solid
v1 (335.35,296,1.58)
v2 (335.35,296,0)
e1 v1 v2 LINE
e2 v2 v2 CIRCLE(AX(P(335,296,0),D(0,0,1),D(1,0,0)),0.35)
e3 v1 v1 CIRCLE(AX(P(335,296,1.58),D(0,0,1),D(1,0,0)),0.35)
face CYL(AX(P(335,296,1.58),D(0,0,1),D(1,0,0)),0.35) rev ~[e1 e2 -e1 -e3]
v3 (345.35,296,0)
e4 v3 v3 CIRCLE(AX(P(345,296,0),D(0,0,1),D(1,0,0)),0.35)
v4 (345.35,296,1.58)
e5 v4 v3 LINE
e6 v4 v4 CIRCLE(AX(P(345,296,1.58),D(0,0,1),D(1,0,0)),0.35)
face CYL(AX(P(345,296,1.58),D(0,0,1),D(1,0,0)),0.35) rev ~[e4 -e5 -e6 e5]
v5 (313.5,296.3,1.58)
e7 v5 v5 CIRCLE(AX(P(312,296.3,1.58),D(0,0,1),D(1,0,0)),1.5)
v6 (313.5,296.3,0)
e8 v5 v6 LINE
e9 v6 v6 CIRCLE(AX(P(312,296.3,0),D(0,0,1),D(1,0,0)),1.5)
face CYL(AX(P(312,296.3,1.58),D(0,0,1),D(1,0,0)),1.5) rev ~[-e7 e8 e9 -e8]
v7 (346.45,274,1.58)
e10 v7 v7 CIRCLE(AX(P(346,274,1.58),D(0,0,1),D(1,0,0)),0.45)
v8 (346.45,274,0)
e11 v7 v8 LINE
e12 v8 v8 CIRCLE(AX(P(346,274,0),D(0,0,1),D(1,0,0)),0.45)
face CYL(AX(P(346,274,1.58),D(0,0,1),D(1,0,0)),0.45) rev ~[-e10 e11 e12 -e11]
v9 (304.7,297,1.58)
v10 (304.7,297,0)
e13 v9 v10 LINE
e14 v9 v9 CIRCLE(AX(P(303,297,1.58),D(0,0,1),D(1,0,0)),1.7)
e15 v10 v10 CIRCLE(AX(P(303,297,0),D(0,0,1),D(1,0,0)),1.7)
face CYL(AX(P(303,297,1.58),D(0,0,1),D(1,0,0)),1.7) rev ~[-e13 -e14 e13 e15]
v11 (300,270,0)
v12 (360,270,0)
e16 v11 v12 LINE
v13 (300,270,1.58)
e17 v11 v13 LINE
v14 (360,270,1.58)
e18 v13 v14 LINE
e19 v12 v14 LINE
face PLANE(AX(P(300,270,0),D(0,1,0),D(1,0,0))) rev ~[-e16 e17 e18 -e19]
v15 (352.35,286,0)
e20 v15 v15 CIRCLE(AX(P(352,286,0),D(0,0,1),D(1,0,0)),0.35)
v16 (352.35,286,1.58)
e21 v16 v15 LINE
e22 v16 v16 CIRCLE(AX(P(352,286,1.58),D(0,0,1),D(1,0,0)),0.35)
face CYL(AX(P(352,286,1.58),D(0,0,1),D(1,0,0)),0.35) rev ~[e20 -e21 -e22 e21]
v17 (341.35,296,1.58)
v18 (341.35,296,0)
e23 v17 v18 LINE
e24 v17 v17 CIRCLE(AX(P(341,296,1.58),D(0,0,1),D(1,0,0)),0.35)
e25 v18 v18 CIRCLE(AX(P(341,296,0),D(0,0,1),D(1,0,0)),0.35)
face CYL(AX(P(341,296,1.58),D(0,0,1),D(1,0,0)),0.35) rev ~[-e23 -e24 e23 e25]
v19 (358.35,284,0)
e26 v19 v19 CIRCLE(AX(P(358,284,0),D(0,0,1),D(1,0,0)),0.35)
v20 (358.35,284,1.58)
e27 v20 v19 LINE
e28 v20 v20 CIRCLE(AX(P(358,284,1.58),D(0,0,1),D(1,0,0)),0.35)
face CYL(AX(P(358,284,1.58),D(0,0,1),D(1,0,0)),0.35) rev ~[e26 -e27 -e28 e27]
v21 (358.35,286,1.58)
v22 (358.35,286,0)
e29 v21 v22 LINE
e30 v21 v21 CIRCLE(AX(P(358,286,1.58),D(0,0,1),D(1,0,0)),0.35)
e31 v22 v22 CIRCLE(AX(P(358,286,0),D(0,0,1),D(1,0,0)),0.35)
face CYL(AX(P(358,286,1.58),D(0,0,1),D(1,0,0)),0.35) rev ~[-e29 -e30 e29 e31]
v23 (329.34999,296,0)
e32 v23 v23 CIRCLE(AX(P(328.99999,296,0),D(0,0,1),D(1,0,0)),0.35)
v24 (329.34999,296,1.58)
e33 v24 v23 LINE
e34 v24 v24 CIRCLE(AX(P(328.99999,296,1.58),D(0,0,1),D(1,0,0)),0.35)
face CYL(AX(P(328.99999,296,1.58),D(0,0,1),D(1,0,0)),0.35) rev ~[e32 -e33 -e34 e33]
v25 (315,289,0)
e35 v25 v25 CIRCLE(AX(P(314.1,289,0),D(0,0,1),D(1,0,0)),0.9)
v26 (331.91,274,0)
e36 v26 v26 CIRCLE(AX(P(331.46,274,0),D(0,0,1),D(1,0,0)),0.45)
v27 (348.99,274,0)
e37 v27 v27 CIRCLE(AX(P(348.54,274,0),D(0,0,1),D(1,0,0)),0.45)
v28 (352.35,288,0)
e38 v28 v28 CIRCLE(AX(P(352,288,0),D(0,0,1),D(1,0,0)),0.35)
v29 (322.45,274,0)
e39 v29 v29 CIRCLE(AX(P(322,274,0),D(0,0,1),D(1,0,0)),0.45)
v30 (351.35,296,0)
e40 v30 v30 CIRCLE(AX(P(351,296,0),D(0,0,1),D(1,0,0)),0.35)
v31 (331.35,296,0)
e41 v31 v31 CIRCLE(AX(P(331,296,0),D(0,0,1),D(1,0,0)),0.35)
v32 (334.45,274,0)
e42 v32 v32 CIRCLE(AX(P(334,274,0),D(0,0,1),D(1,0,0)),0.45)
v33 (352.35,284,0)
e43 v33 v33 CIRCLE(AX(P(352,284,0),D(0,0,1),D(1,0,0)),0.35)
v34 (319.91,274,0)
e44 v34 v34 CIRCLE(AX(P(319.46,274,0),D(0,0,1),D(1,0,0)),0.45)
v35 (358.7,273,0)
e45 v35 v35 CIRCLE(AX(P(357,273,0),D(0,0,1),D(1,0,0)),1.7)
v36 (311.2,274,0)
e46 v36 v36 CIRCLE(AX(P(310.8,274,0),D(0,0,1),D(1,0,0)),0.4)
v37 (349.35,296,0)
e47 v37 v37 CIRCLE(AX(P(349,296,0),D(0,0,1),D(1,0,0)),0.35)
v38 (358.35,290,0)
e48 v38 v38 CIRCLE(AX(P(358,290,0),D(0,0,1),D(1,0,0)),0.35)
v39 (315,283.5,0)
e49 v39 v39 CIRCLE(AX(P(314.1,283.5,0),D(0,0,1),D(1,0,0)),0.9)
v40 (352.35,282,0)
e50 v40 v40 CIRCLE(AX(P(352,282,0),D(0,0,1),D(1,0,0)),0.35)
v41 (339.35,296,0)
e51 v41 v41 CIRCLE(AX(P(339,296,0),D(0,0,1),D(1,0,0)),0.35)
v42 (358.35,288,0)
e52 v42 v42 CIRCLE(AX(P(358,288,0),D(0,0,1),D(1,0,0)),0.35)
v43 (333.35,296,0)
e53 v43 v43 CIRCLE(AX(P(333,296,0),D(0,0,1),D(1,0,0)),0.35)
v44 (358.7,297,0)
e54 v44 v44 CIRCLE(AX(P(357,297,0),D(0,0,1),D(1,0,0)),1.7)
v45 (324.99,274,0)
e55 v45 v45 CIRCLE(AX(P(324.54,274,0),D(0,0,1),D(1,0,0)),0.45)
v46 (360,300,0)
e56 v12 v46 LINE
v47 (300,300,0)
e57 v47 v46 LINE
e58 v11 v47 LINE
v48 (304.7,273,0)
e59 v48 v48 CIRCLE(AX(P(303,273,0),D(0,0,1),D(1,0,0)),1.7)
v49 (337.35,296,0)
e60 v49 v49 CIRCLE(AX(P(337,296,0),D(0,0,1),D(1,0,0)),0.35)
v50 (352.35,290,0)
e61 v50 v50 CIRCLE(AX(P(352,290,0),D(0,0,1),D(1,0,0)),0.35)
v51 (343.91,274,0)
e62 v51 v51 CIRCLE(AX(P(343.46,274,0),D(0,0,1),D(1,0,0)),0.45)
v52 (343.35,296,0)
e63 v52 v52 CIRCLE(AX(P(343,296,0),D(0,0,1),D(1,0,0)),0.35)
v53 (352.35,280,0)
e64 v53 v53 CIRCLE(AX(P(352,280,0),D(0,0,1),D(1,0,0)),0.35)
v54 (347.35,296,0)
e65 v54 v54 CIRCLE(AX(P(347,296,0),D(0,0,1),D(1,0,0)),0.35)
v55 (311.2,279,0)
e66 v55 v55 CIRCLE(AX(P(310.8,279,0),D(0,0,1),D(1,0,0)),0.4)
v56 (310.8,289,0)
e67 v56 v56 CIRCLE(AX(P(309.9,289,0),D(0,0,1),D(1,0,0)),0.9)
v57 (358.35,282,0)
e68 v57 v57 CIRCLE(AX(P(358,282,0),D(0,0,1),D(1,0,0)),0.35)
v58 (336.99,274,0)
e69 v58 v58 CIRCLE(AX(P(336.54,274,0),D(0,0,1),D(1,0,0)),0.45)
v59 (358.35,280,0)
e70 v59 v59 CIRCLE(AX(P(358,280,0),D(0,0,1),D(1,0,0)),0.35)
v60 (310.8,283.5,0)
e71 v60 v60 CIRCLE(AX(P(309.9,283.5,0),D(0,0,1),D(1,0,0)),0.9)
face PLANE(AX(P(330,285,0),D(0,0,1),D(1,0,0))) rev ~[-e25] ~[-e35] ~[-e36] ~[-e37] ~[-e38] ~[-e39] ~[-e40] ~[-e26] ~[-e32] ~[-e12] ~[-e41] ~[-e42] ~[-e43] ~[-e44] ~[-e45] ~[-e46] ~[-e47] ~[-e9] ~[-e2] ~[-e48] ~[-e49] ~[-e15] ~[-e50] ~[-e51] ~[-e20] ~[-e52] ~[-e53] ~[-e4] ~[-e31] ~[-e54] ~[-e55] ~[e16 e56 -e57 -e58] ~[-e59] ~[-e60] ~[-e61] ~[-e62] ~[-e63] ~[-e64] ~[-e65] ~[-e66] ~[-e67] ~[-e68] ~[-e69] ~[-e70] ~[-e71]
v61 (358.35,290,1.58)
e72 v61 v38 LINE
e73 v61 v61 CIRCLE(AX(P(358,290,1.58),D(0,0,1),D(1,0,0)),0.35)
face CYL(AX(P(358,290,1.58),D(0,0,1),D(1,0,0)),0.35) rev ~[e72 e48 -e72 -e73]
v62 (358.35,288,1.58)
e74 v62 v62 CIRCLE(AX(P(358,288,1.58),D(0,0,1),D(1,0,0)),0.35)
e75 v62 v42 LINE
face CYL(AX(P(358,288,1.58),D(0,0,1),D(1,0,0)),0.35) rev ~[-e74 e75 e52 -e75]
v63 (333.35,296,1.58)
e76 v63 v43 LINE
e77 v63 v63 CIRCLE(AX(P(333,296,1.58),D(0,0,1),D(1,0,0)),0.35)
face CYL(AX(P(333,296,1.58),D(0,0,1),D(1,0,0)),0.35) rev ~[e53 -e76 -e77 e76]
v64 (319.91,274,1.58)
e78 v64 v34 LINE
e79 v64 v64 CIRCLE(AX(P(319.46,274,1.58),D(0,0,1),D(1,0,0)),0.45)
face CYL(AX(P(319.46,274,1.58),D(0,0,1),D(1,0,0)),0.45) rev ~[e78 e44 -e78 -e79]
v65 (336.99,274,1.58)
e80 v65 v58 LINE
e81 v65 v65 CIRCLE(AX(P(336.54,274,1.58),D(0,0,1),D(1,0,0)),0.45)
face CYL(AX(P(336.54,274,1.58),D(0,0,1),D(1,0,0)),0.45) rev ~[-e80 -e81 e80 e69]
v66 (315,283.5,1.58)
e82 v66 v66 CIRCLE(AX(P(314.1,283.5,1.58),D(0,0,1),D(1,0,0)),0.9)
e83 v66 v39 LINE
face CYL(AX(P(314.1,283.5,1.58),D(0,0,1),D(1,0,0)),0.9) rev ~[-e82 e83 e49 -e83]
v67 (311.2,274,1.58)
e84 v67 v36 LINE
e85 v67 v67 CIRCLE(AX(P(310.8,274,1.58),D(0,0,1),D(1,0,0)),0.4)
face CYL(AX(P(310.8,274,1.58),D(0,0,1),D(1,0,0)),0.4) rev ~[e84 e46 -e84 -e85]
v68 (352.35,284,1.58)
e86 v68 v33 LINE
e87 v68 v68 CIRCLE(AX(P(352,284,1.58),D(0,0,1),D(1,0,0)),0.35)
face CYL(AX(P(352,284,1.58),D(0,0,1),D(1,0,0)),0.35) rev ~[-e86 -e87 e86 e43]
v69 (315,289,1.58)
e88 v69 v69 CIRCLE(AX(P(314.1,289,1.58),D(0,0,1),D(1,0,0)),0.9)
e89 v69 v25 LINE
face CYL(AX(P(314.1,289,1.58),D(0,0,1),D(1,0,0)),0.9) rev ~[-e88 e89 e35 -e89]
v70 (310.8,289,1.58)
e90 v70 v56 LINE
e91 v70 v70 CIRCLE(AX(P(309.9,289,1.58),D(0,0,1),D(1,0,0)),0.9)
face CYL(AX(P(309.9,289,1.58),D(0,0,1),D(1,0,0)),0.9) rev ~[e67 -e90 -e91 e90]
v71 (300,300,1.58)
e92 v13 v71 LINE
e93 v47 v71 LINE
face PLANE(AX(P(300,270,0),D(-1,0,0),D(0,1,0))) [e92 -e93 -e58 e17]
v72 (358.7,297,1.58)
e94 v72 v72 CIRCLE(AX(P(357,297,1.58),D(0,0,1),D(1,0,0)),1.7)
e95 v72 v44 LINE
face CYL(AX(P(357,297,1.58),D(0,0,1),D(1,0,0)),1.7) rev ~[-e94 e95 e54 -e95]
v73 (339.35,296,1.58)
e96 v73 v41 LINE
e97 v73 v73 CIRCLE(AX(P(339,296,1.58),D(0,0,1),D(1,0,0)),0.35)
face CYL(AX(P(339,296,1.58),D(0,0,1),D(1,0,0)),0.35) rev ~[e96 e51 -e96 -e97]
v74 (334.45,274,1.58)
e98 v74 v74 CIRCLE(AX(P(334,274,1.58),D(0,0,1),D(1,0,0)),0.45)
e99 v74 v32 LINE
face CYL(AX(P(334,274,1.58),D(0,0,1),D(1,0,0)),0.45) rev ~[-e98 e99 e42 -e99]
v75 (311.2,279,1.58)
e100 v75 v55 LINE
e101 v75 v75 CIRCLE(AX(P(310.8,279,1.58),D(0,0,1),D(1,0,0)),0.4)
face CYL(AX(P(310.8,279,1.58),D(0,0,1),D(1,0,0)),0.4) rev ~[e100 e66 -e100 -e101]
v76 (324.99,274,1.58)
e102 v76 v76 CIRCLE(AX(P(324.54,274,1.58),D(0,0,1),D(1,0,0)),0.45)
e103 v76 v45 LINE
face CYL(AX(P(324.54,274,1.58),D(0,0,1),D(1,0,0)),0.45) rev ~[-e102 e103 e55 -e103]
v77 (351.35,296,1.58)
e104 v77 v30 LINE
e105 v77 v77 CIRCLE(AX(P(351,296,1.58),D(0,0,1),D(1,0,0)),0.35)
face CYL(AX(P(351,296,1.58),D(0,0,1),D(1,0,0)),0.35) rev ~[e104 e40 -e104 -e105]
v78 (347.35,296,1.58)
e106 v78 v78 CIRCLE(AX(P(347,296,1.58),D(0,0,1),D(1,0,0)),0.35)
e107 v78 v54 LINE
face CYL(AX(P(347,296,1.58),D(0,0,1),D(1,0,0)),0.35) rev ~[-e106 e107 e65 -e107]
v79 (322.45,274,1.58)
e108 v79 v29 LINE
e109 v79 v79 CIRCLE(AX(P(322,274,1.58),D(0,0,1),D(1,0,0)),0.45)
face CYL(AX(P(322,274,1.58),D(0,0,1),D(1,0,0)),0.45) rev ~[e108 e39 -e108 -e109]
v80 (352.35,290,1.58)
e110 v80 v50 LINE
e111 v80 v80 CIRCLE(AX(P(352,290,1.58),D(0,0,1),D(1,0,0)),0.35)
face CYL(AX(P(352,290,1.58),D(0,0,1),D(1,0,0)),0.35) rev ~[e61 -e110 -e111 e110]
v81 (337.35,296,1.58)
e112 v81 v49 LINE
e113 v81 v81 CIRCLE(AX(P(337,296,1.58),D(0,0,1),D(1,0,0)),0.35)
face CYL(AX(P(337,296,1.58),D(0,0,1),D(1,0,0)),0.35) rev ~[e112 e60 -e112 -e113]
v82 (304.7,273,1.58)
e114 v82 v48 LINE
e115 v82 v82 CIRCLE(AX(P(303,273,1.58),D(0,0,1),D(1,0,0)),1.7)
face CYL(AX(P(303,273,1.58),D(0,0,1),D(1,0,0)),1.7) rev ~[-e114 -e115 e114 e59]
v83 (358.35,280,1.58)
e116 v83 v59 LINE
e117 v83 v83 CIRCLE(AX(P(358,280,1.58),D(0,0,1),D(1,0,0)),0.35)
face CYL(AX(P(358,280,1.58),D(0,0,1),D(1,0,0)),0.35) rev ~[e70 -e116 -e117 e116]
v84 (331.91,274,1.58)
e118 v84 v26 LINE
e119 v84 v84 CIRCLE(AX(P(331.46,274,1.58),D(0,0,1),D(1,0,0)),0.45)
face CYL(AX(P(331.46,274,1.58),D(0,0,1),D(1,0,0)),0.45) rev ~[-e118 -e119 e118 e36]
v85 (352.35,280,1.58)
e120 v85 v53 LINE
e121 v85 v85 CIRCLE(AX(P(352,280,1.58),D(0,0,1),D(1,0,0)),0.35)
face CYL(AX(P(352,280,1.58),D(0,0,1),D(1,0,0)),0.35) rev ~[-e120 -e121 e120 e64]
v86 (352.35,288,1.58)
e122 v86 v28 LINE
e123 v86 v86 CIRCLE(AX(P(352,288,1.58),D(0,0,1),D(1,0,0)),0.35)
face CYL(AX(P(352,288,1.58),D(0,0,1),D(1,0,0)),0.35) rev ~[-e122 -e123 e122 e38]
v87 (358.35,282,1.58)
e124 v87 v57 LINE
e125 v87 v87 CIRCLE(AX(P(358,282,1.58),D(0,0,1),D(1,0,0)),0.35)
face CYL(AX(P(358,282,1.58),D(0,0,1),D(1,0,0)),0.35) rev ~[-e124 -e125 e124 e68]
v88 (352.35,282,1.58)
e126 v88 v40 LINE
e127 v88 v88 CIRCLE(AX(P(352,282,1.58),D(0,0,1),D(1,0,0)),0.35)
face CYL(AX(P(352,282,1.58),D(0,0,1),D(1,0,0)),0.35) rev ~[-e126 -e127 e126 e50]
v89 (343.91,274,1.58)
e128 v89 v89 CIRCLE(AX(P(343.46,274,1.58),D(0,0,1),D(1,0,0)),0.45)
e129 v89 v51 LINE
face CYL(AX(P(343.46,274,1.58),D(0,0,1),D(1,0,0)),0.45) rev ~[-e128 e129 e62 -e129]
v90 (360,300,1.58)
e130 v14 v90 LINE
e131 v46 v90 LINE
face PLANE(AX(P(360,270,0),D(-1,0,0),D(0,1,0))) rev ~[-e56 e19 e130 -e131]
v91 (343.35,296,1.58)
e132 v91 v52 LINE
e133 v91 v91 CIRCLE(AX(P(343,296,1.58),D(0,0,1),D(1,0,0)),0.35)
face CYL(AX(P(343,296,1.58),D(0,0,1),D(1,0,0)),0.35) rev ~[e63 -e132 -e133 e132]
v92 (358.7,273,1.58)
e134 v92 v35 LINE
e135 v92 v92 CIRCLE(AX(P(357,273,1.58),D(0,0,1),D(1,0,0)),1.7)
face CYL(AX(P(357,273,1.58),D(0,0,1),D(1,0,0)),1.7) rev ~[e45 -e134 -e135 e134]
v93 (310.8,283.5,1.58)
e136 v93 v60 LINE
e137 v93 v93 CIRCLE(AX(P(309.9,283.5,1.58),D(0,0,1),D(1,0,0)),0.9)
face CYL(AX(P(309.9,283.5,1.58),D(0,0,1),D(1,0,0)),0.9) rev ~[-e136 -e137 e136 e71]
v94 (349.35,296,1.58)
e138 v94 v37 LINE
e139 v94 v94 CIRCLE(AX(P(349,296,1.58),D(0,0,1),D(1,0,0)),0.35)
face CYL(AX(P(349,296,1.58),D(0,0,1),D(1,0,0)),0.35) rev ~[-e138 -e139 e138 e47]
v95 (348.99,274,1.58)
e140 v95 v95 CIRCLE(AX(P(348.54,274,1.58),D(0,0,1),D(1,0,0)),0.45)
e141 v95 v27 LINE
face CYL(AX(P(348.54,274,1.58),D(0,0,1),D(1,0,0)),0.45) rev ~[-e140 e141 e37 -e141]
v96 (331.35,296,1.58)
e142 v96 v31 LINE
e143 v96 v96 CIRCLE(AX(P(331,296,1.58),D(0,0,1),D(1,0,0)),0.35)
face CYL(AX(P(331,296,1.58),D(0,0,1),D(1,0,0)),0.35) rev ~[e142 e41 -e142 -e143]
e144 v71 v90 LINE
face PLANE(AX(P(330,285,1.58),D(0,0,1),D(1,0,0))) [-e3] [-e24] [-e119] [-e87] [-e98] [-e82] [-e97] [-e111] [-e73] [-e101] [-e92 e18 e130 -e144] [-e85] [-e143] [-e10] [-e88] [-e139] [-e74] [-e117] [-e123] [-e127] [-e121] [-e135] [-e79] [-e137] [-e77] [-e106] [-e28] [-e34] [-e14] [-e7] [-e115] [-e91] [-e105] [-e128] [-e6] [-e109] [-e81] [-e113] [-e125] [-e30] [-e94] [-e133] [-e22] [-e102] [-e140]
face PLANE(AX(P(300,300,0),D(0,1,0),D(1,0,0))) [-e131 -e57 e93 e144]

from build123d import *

# Parameters (mm, degrees)
SKETCH_1_W          = 60
SKETCH_1_H          = 30
BOARD_DEPTH         = 1.58
SKETCH_2_R          = 1.7
CUT_EXTRUDE_1_DEPTH = 1.58
SKETCH_3_R          = 1.7
CUT_EXTRUDE_2_DEPTH = 469.617644141
SKETCH_4_R          = 1.7
CUT_EXTRUDE_3_DEPTH = 469.617644141
SKETCH_5_R          = 1.7
CUT_EXTRUDE_4_DEPTH = 469.617644141
SKETCH_6_R          = 0.35
SKETCH_6_R_2        = 0.4
SKETCH_6_R_3        = 0.9
SKETCH_6_R_4        = 1.5
SKETCH_6_R_5        = 0.45
CUT_EXTRUDE_5_DEPTH = 469.617644141


with BuildPart() as part:
    # 草圖1 → Board (new body)
    with BuildSketch(Plane.XY):
        with Locations((330, 285)):
            Rectangle(SKETCH_1_W, SKETCH_1_H)
    extrude(amount=BOARD_DEPTH)

    # 草圖2 → 除料-伸長1 (cut)
    with BuildSketch(Plane.XY.offset(1.58)):
        with Locations((357, 297)):
            Circle(SKETCH_2_R)
    extrude(amount=-CUT_EXTRUDE_1_DEPTH, mode=Mode.SUBTRACT)

    # 草圖3 → 除料-伸長2 (cut, through all)
    with BuildSketch(Plane.XY.offset(1.58)):
        with Locations((357, 273)):
            Circle(SKETCH_3_R)
    extrude(amount=-CUT_EXTRUDE_2_DEPTH, mode=Mode.SUBTRACT)

    # 草圖4 → 除料-伸長3 (cut, through all)
    with BuildSketch(Plane.XY.offset(1.58)):
        with Locations((303, 273)):
            Circle(SKETCH_4_R)
    extrude(amount=-CUT_EXTRUDE_3_DEPTH, mode=Mode.SUBTRACT)

    # 草圖5 → 除料-伸長4 (cut, through all)
    with BuildSketch(Plane.XY.offset(1.58)):
        with Locations((303, 297)):
            Circle(SKETCH_5_R)
    extrude(amount=-CUT_EXTRUDE_4_DEPTH, mode=Mode.SUBTRACT)

    # 草圖6 → 除料-伸長5 (cut, through all)
    with BuildSketch(Plane.XY.offset(1.58)):
        with Locations((337, 296)):
            Circle(SKETCH_6_R)
        with Locations((328.99999, 296)):
            Circle(SKETCH_6_R)
        with Locations((335, 296)):
            Circle(SKETCH_6_R)
        with Locations((333, 296)):
            Circle(SKETCH_6_R)
        with Locations((331, 296)):
            Circle(SKETCH_6_R)
        with Locations((339, 296)):
            Circle(SKETCH_6_R)
        with Locations((310.8, 274)):
            Circle(SKETCH_6_R_2)
        with Locations((310.8, 279)):
            Circle(SKETCH_6_R_2)
        with Locations((352, 290)):
            Circle(SKETCH_6_R)
        with Locations((352, 288)):
            Circle(SKETCH_6_R)
        with Locations((352, 286)):
            Circle(SKETCH_6_R)
        with Locations((352, 282)):
            Circle(SKETCH_6_R)
        with Locations((352, 284)):
            Circle(SKETCH_6_R)
        with Locations((352, 280)):
            Circle(SKETCH_6_R)
        with Locations((309.9, 289)):
            Circle(SKETCH_6_R_3)
        with Locations((314.1, 289)):
            Circle(SKETCH_6_R_3)
        with Locations((309.9, 283.5)):
            Circle(SKETCH_6_R_3)
        with Locations((312, 296.3)):
            Circle(SKETCH_6_R_4)
        with Locations((314.1, 283.5)):
            Circle(SKETCH_6_R_3)
        with Locations((358, 290)):
            Circle(SKETCH_6_R)
        with Locations((358, 288)):
            Circle(SKETCH_6_R)
        with Locations((358, 286)):
            Circle(SKETCH_6_R)
        with Locations((358, 282)):
            Circle(SKETCH_6_R)
        with Locations((358, 284)):
            Circle(SKETCH_6_R)
        with Locations((358, 280)):
            Circle(SKETCH_6_R)
        with Locations((331.46, 274)):
            Circle(SKETCH_6_R_5)
        with Locations((336.54, 274)):
            Circle(SKETCH_6_R_5)
        with Locations((334, 274)):
            Circle(SKETCH_6_R_5)
        with Locations((343, 296)):
            Circle(SKETCH_6_R)
        with Locations((341, 296)):
            Circle(SKETCH_6_R)
        with Locations((345, 296)):
            Circle(SKETCH_6_R)
        with Locations((347, 296)):
            Circle(SKETCH_6_R)
        with Locations((349, 296)):
            Circle(SKETCH_6_R)
        with Locations((351, 296)):
            Circle(SKETCH_6_R)
        with Locations((319.46, 274)):
            Circle(SKETCH_6_R_5)
        with Locations((324.54, 274)):
            Circle(SKETCH_6_R_5)
        with Locations((322, 274)):
            Circle(SKETCH_6_R_5)
        with Locations((348.54, 274)):
            Circle(SKETCH_6_R_5)
        with Locations((346, 274)):
            Circle(SKETCH_6_R_5)
        with Locations((343.46, 274)):
            Circle(SKETCH_6_R_5)
    extrude(amount=-CUT_EXTRUDE_5_DEPTH, mode=Mode.SUBTRACT)


solid = part.part
